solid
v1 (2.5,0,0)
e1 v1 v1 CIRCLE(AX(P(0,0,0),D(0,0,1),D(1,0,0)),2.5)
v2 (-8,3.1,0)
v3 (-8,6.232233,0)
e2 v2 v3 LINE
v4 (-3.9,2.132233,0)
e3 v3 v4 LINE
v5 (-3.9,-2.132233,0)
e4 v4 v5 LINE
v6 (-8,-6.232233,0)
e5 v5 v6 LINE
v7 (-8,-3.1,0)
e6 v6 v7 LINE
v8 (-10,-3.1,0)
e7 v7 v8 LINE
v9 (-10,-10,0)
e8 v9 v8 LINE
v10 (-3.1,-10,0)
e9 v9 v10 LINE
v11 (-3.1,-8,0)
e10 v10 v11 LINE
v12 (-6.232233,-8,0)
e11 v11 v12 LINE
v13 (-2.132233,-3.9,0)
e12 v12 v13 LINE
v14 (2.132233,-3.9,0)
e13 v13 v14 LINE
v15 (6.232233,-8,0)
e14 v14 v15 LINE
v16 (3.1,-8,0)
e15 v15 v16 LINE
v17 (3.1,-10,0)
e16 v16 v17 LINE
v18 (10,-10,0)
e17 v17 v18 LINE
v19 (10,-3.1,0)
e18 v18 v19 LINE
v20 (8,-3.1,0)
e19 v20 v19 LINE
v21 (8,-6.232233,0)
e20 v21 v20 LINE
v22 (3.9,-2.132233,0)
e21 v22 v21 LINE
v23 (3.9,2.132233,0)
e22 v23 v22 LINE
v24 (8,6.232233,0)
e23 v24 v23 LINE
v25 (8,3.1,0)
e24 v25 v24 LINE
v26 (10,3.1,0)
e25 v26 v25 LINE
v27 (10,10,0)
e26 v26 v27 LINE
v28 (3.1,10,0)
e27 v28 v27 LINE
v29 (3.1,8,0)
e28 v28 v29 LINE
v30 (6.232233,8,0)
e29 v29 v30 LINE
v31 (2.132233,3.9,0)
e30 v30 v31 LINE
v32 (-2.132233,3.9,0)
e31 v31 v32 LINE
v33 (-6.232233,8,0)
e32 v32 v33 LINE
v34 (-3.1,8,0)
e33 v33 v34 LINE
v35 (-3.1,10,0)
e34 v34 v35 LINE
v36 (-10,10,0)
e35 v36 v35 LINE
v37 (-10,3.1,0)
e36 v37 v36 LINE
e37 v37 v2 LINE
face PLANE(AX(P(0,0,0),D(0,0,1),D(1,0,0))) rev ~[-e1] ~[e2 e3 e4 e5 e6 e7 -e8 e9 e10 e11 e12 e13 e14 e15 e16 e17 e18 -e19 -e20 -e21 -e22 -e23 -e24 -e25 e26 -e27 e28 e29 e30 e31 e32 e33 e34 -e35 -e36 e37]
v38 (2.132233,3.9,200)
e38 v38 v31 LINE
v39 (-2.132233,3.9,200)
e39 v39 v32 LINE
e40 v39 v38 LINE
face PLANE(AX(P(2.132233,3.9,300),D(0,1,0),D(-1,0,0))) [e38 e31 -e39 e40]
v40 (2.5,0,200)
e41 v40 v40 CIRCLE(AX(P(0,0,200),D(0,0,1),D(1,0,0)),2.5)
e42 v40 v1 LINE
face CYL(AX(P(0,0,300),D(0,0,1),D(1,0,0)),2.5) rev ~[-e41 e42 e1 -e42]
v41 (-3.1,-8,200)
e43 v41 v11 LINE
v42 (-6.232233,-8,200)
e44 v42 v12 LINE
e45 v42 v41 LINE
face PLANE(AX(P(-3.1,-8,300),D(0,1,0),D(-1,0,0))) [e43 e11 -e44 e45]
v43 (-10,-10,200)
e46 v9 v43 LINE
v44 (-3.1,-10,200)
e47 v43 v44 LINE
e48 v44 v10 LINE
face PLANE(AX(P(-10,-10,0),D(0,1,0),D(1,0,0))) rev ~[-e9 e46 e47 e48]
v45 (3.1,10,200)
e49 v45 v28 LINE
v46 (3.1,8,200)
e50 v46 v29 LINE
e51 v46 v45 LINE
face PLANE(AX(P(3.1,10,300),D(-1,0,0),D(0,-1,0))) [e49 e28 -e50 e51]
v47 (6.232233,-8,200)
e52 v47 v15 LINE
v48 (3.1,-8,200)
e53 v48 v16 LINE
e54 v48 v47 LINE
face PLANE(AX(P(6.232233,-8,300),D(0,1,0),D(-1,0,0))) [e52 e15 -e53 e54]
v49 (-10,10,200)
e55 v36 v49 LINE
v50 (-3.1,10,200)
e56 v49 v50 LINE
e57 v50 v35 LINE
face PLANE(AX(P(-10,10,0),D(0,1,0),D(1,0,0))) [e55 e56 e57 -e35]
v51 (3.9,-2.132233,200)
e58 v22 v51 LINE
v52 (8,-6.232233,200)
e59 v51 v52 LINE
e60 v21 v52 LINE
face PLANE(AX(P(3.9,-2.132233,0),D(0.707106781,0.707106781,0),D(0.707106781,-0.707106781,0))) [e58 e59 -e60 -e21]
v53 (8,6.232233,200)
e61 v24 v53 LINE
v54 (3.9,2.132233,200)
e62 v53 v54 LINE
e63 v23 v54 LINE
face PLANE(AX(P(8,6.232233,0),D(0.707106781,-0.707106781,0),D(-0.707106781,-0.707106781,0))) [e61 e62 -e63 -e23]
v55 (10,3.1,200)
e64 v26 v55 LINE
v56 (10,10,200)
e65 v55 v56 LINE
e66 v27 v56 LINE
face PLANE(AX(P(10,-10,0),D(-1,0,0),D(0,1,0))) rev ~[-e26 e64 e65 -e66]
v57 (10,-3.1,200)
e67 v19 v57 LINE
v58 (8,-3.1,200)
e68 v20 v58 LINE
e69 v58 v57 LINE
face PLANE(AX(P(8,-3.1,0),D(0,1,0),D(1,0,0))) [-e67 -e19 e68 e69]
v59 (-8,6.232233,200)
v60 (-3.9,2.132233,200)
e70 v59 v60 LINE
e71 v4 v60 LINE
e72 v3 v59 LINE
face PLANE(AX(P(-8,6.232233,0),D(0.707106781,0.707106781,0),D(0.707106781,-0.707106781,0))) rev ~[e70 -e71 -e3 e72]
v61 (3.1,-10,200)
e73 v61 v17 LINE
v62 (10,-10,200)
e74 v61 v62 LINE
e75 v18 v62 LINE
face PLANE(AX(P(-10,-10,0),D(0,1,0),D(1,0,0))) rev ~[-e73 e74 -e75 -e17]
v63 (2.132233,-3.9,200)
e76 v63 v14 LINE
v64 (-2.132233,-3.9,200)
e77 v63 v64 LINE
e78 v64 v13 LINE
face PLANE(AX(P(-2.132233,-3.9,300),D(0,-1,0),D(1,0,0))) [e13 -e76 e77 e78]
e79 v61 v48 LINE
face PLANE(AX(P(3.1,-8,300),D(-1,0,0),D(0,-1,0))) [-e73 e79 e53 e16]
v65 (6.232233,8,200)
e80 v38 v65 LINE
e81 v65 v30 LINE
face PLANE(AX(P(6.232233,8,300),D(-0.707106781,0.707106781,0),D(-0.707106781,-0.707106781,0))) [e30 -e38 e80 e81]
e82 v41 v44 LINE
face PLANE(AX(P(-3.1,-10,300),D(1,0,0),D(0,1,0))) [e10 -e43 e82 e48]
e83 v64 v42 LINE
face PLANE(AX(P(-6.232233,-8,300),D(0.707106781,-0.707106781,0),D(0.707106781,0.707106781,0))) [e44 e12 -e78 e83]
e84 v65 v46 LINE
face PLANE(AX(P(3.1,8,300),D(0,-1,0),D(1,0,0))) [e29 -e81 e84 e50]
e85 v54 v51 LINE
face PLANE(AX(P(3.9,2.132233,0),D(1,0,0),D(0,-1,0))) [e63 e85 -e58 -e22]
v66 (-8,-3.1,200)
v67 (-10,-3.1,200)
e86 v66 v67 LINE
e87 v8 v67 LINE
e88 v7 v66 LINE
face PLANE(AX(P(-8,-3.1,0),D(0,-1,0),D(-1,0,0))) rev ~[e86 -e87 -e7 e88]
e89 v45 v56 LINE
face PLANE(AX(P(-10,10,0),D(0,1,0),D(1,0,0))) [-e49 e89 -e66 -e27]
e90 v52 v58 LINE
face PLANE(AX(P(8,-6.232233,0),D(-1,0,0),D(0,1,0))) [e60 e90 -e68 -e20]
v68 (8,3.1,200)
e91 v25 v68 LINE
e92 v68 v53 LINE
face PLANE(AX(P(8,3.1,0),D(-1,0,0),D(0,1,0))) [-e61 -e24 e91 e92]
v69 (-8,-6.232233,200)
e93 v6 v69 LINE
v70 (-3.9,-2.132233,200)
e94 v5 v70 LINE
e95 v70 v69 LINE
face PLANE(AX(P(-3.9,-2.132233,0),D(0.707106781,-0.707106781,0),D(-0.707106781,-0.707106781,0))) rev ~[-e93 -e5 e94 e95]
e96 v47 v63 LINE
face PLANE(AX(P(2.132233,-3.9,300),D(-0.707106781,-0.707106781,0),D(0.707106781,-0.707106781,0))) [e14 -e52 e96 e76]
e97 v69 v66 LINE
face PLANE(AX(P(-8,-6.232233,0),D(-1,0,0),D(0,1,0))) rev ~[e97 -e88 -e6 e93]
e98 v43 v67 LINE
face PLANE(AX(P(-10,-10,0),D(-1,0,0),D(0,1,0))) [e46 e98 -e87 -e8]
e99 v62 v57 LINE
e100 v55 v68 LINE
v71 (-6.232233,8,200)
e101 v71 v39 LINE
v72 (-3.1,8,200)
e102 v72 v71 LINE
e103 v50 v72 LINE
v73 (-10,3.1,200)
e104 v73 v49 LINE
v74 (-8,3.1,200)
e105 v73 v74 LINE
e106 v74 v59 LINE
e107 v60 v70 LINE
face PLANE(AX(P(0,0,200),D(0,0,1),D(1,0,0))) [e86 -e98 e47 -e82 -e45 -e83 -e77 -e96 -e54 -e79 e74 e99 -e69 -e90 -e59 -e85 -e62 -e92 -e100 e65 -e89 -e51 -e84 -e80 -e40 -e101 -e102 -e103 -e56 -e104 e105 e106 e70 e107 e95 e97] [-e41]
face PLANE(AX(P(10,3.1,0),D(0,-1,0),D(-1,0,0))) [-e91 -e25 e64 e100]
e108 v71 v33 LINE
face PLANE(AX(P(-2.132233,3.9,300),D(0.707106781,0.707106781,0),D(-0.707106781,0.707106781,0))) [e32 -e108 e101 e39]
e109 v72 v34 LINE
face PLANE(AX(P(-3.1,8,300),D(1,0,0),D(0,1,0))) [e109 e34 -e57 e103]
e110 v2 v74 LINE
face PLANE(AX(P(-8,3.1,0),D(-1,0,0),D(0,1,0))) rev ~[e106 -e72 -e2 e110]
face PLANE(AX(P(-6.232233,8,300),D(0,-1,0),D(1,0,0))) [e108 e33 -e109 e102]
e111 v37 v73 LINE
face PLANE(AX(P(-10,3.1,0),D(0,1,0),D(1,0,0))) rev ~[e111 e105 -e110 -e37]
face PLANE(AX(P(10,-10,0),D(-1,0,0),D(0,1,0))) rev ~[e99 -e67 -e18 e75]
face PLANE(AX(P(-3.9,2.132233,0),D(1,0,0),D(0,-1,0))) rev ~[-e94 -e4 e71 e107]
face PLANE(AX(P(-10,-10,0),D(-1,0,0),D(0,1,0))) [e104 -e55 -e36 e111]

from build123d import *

# Parameters (mm, degrees)
SKETCH_W        = 20
SKETCH_H        = 20
PAD_DEPTH       = 300
SKETCH001_R     = 2.5
POCKET_DEPTH    = 300.001
POCKET001_DEPTH = 300.001
SKETCH003_W     = 20
SKETCH003_H     = 20
POCKET002_DEPTH = 100


with BuildPart() as part:
    # Sketch → Pad (new body)
    with BuildSketch(Plane.XY):
        Rectangle(SKETCH_W, SKETCH_H)
    extrude(amount=PAD_DEPTH)

    # Sketch001 (on Face6 of Pad) → Pocket (cut, through all)
    with BuildSketch(Plane.XY.offset(300)):
        Circle(SKETCH001_R)
        Polygon((-3.1, 10), (3.1, 10), (3.1, 8), (6.232233, 8), (2.132233, 3.9), (-2.132233, 3.9), (-6.232233, 8), (-3.1, 8), align=None)
        Polygon((-3.1, -8), (-6.232233, -8), (-2.132233, -3.9), (2.132233, -3.9), (6.232233, -8), (3.1, -8), (3.1, -10), (-3.1, -10), align=None)
    extrude(amount=-POCKET_DEPTH, mode=Mode.SUBTRACT)

    # Sketch002 (on Face2 of Pocket) → Pocket001 (cut, through all)
    with BuildSketch(Plane(origin=(0, 0, 0), x_dir=(1, 0, 0), z_dir=(0, 0, -1))):
        Polygon((-10, -3.1), (-8, -3.1), (-8, -6.232233), (-3.9, -2.132233), (-3.9, 2.132233), (-8, 6.232233), (-8, 3.1), (-10, 3.1), align=None)
        Polygon((3.9, -2.132233), (3.9, 2.132233), (8, 6.232233), (8, 3.1), (10, 3.1), (10, -3.1), (8, -3.1), (8, -6.232233), align=None)
    extrude(amount=-POCKET001_DEPTH, mode=Mode.SUBTRACT)

    # Sketch003 (on Face4 of Clone) → Pocket002 (cut)
    with BuildSketch(Plane.XY.offset(300)):
        Rectangle(SKETCH003_W, SKETCH003_H)
    extrude(amount=-POCKET002_DEPTH, mode=Mode.SUBTRACT)


solid = part.part
